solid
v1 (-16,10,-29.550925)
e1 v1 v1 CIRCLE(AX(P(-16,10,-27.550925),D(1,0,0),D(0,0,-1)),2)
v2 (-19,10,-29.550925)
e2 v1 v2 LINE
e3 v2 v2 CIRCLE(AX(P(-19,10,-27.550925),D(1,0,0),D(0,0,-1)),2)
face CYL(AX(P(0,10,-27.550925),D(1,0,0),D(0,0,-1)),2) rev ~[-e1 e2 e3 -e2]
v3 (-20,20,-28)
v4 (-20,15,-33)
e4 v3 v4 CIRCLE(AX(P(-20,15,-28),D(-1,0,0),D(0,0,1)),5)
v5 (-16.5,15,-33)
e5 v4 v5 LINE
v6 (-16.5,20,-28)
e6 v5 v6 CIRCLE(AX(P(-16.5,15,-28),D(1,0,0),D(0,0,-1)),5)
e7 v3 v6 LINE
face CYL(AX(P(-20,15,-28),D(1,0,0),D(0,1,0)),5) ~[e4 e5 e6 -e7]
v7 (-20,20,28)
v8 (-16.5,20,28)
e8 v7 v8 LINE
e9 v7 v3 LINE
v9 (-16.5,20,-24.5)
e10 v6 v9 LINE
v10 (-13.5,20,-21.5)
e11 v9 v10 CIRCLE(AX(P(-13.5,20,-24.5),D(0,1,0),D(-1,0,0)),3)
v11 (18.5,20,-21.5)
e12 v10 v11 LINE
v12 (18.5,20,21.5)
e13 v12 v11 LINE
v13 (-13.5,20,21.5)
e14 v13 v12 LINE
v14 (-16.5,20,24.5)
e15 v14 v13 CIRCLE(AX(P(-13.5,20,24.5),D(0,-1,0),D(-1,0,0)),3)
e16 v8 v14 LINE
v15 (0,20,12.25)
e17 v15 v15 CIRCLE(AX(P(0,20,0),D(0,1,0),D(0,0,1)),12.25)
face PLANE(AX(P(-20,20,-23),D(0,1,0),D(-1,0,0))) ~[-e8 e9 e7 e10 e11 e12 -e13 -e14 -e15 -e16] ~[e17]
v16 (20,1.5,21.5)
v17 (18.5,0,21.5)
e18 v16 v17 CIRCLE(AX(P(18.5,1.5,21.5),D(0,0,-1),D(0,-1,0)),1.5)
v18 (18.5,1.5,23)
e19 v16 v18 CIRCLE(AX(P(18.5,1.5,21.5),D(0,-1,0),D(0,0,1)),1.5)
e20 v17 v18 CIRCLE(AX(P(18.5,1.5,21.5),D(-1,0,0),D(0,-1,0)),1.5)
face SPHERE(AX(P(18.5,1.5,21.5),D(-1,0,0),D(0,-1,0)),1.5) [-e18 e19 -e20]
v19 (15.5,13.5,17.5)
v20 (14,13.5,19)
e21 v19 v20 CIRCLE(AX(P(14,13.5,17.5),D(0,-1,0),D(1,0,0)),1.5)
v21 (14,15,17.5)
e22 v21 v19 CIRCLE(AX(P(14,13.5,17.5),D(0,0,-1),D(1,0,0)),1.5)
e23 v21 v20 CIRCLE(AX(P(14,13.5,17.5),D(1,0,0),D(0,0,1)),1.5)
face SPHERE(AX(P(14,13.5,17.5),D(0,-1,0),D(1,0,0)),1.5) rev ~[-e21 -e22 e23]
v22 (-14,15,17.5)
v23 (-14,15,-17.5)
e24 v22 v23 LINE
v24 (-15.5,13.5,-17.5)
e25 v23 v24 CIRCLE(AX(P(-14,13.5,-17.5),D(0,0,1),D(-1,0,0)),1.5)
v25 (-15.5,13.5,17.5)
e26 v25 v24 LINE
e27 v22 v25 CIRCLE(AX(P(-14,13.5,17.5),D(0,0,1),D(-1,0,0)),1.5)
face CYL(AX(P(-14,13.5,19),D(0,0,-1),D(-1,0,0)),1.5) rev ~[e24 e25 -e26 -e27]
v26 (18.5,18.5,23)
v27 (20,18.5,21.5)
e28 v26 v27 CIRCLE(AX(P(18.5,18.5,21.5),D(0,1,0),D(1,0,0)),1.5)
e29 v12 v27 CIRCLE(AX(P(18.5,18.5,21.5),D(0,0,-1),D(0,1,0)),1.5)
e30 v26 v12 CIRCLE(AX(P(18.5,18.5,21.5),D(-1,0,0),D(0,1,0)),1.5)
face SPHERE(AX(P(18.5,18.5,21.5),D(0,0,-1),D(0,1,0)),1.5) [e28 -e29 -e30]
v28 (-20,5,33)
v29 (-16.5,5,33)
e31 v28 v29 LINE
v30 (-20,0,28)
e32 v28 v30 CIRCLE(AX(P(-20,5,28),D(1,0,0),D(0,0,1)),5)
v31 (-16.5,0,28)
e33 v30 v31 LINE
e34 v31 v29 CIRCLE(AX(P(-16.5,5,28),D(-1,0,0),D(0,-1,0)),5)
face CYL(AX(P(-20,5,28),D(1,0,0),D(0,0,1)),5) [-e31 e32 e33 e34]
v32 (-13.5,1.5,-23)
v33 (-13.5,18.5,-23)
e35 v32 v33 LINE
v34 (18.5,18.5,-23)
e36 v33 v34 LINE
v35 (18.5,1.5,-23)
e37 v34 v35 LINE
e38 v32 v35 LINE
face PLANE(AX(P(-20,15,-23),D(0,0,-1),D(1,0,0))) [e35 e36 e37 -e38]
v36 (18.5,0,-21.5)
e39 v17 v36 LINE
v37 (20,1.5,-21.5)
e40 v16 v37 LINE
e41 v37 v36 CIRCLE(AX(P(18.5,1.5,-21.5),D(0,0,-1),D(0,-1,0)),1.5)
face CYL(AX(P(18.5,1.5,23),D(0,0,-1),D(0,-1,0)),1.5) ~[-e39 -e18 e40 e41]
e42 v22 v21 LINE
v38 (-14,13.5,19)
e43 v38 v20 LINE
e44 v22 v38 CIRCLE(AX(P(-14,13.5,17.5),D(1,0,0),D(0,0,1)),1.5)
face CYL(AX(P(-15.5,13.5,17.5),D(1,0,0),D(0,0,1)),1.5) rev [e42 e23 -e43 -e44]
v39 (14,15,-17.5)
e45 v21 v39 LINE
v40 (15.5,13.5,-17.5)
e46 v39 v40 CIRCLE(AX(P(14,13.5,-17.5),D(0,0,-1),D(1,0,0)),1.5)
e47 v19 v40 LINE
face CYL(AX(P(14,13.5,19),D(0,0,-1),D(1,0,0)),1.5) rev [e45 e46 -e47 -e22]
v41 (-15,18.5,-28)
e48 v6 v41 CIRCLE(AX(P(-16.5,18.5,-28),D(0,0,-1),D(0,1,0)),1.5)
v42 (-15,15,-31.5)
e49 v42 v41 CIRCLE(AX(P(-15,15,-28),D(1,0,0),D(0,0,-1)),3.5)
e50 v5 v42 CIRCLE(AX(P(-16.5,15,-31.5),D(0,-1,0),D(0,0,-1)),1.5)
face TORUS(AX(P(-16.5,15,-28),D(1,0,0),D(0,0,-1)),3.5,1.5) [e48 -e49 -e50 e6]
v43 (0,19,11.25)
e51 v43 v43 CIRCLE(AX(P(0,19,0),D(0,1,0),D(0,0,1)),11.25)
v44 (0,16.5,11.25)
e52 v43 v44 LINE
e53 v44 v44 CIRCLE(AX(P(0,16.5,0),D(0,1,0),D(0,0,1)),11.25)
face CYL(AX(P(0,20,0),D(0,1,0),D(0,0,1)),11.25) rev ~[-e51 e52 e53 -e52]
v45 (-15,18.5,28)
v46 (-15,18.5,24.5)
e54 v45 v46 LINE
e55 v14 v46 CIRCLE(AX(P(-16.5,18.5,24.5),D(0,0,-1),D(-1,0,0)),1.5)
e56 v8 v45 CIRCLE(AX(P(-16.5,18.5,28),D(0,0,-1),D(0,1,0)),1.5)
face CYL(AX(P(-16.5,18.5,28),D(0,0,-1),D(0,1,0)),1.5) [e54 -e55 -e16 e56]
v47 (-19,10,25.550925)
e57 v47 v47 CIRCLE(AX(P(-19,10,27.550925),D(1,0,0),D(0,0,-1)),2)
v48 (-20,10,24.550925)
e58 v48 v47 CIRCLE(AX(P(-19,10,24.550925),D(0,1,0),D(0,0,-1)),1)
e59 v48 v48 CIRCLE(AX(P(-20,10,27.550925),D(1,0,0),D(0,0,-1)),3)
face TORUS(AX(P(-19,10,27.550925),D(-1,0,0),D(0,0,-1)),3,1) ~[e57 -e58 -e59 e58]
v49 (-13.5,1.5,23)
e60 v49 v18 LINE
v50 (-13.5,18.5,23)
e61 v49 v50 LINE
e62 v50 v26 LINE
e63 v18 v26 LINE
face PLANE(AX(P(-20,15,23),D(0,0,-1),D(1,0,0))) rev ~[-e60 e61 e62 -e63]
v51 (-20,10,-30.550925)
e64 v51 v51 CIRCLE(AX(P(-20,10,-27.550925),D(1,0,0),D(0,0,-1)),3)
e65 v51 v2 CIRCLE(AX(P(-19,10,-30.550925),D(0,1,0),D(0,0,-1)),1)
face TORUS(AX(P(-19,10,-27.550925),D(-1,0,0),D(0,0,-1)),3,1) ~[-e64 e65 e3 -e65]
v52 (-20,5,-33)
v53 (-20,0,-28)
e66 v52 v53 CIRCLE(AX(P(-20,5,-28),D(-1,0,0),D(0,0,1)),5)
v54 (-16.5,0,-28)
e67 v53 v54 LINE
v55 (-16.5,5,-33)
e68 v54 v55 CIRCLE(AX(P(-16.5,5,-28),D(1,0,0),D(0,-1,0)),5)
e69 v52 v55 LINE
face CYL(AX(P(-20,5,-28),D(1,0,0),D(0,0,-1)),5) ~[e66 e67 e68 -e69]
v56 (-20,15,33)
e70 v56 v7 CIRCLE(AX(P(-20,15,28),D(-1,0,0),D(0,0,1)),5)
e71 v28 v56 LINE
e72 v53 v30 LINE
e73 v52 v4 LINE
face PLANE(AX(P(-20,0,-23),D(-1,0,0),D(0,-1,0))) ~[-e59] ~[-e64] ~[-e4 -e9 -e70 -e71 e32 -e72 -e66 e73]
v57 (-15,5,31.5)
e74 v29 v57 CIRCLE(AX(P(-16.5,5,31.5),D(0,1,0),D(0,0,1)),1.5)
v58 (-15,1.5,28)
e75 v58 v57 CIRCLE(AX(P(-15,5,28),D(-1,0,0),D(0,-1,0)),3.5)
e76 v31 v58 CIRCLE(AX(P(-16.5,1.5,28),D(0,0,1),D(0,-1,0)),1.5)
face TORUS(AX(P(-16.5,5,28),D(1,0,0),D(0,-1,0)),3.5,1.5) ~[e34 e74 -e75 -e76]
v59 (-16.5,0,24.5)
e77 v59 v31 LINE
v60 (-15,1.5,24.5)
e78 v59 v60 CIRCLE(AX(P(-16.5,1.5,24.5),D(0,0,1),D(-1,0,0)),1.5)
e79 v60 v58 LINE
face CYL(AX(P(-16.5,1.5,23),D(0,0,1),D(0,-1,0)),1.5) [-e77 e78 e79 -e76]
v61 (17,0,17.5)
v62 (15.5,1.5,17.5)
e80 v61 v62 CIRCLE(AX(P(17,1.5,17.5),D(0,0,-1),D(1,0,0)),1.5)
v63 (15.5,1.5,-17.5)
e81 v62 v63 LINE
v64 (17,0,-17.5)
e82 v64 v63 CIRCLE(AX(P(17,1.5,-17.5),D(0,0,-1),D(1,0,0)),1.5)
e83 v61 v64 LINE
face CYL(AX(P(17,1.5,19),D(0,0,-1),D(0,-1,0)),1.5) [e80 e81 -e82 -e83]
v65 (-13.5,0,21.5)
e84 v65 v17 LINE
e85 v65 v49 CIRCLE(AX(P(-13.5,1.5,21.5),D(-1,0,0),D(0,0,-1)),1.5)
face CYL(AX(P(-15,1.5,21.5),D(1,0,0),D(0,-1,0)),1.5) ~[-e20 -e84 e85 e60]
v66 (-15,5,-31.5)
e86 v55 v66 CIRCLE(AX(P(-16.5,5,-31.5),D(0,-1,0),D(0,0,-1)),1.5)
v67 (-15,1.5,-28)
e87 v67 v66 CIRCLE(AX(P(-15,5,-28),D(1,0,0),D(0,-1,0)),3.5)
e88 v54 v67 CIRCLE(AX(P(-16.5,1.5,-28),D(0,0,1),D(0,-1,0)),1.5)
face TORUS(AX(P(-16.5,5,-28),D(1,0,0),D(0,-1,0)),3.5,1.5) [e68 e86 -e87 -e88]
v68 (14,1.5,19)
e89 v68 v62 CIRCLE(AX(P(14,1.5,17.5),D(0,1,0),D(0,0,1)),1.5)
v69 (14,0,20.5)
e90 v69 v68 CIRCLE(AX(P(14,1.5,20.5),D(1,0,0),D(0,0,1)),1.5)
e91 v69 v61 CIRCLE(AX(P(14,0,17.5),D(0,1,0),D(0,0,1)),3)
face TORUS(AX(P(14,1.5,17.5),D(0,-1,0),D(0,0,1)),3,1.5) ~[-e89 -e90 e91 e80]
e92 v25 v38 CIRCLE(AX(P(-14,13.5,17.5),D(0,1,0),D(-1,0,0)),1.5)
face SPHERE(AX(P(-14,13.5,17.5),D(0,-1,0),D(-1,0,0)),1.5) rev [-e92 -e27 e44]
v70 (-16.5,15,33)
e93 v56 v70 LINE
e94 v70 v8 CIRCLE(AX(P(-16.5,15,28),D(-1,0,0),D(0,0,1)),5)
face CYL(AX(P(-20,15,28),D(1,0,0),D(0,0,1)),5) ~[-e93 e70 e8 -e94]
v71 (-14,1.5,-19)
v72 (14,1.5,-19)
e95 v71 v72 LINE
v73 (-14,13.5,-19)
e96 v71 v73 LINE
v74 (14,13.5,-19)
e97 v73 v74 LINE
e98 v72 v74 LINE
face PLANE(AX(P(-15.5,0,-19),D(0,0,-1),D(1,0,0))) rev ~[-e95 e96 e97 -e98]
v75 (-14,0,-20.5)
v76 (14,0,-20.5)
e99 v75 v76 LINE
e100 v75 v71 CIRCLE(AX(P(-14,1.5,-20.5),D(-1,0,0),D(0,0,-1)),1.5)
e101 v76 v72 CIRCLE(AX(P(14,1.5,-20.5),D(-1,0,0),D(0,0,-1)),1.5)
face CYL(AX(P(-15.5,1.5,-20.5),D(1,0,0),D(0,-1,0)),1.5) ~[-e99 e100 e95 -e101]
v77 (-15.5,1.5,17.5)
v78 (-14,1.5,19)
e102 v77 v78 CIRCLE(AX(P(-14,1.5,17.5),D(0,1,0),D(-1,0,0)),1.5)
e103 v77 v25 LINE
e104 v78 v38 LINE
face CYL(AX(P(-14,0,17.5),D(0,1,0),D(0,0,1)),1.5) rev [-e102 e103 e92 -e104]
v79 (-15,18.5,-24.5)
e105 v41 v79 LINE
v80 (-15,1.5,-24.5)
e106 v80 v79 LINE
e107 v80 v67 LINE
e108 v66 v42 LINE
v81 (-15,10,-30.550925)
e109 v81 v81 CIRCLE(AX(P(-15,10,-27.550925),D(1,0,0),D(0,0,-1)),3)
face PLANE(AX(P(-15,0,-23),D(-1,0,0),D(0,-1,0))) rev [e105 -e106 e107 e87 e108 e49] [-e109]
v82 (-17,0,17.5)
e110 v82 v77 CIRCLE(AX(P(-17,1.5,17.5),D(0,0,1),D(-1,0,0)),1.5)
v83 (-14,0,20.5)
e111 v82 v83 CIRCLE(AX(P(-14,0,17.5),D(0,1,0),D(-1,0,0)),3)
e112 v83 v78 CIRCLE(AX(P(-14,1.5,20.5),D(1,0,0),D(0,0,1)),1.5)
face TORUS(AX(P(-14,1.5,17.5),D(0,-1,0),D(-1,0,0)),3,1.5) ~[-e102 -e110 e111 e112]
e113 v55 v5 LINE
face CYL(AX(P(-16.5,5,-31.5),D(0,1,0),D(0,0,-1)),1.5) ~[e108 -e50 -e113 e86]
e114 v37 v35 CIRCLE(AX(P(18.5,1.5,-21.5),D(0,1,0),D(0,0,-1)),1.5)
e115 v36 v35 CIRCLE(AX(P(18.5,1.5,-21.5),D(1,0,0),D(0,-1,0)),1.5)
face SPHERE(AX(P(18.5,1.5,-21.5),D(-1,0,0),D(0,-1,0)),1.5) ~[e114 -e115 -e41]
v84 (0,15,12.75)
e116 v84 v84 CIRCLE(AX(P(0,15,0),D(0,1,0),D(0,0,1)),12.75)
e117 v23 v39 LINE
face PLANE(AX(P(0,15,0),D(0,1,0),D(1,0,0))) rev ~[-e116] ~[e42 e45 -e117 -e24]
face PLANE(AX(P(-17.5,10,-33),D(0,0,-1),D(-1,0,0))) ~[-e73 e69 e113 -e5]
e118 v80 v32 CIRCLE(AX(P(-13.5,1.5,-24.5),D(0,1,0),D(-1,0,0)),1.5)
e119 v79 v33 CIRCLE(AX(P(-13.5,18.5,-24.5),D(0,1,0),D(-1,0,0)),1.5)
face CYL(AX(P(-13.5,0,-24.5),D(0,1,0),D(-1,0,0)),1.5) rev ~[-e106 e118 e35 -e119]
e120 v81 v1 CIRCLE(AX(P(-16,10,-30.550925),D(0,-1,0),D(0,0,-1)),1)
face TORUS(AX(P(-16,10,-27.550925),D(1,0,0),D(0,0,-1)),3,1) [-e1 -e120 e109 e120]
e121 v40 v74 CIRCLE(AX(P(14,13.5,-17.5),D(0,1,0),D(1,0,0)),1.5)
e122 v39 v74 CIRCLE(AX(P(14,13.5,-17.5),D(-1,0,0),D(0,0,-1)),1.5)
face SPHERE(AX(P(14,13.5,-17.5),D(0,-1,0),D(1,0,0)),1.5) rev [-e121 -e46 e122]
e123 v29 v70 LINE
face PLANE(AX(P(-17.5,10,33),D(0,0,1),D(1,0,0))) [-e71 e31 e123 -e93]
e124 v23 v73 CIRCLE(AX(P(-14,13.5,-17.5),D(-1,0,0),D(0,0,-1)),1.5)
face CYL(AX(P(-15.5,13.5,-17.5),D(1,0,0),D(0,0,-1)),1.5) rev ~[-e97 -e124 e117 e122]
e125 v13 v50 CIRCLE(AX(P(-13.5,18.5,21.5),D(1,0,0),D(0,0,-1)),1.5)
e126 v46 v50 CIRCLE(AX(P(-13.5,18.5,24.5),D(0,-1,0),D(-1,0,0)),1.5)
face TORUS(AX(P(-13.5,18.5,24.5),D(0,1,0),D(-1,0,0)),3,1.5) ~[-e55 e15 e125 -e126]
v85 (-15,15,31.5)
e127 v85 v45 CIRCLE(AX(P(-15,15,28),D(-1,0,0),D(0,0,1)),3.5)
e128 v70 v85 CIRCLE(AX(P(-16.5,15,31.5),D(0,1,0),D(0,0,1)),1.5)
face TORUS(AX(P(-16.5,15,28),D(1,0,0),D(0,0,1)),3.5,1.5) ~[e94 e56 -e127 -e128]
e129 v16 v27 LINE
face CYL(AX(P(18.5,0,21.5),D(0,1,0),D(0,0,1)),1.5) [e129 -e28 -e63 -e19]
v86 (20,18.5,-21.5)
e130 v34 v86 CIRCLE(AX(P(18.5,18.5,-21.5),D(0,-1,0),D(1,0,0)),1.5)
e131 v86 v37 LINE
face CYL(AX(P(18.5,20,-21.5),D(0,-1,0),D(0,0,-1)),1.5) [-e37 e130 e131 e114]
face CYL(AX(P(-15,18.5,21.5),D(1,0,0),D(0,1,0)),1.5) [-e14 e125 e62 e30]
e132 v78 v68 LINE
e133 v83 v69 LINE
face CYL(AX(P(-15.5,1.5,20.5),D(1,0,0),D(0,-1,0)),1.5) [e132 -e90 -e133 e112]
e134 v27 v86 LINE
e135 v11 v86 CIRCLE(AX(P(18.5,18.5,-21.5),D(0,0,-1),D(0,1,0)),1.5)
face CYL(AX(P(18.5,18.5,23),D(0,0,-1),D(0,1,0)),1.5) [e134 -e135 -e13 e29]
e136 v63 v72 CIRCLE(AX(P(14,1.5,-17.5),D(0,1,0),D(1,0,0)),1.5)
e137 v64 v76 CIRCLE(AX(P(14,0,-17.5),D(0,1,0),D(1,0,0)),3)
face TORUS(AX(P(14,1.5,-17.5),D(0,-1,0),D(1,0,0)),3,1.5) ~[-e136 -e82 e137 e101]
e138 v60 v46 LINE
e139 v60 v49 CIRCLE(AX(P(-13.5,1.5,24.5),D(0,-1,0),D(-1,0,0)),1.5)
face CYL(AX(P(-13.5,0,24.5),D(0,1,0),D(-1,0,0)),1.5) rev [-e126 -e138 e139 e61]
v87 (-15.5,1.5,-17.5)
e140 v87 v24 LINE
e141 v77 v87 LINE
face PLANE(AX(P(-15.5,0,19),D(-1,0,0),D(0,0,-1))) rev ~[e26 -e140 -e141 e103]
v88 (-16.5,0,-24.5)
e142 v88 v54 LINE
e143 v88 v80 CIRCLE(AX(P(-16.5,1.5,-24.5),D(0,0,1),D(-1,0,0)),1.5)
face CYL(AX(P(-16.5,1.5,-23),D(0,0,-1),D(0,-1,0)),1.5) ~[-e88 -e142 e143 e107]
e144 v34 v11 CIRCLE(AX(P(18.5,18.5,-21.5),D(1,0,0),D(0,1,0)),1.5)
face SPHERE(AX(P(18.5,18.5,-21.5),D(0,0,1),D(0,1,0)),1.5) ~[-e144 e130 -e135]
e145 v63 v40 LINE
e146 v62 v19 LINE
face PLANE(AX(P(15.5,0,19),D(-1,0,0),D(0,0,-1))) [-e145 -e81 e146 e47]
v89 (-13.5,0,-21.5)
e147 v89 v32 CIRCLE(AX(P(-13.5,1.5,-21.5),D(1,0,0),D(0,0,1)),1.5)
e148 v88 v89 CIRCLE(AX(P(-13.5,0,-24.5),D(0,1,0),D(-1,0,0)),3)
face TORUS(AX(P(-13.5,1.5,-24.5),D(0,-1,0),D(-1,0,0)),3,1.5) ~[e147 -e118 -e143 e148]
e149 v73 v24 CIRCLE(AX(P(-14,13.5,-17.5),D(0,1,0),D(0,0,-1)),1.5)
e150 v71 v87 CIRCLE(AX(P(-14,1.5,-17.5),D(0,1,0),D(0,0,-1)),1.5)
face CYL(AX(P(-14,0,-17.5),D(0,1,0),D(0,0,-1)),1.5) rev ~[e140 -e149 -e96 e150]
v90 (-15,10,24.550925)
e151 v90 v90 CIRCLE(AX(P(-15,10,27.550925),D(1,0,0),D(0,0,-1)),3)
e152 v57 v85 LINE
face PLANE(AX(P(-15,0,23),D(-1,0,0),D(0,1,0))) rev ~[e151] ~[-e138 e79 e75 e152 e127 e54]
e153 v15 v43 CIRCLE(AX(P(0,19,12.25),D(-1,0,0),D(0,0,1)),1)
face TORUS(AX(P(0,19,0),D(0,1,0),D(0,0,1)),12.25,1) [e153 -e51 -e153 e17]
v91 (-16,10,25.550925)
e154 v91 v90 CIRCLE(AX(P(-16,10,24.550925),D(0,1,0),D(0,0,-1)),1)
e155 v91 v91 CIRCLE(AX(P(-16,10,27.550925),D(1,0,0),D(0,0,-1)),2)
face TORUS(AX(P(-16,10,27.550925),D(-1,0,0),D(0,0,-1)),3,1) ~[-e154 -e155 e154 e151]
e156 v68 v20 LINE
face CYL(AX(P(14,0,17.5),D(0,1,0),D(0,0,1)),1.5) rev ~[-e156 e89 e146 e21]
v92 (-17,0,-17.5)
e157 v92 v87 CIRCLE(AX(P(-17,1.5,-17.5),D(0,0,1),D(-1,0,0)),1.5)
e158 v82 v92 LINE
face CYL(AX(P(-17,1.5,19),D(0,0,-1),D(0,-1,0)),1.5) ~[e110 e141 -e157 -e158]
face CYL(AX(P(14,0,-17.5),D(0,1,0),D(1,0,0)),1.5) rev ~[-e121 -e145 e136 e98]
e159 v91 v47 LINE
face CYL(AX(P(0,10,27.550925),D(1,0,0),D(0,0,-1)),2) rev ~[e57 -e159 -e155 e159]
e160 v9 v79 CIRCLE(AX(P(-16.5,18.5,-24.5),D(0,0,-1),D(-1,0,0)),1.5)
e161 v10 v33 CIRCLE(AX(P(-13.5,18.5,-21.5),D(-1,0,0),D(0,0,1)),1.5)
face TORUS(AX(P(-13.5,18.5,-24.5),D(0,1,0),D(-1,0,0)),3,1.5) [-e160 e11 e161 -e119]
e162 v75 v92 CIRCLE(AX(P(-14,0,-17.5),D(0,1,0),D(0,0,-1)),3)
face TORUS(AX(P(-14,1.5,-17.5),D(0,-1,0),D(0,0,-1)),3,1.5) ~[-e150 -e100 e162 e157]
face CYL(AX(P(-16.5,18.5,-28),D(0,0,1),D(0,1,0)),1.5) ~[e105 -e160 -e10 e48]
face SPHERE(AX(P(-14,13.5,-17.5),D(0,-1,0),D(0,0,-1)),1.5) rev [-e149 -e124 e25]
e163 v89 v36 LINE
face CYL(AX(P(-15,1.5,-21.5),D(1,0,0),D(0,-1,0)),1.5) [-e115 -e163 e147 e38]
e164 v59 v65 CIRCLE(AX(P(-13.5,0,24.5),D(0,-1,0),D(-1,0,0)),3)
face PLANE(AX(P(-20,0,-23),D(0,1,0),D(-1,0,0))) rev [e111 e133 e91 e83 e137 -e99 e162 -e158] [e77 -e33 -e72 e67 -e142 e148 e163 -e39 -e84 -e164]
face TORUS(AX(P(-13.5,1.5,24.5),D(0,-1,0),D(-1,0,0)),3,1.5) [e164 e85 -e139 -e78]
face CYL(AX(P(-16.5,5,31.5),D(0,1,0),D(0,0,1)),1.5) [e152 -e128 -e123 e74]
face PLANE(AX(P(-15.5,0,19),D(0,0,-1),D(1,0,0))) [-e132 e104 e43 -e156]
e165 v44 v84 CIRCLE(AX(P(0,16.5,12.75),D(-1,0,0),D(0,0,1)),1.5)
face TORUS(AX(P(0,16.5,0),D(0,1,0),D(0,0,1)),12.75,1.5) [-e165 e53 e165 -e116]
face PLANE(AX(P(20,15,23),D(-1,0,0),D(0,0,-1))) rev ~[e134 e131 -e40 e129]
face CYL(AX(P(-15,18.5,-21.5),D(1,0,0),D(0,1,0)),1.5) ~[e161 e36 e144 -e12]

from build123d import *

# Parameters (mm, degrees)
SKETCH2_W           = 40
SKETCH2_H           = 46
SKETCH2_W_2         = 31
SKETCH2_H_2         = 38
BOSS_EXTRUDE1_DEPTH = 15
SKETCH4_W           = 40
SKETCH4_H           = 46
BOSS_EXTRUDE2_DEPTH = 5
SKETCH5_R           = 11.25
CUT_EXTRUDE1_DEPTH  = 5
SKETCH8_W           = 5
SKETCH8_H           = 20
BOSS_EXTRUDE3_DEPTH = 10
FILLET2_R           = 5
SKETCH9_R           = 2
CUT_EXTRUDE2_DEPTH  = 26
FILLET3_R           = 1.5
FILLET4_R           = 1


with BuildPart() as part:
    # Sketch2 → Boss-Extrude1 (new body)
    with BuildSketch(Plane(origin=(0, 0, 0), x_dir=(1, 0, 0), z_dir=(0, 1, 0))):
        Rectangle(SKETCH2_W, SKETCH2_H)
        Rectangle(SKETCH2_W_2, SKETCH2_H_2, mode=Mode.SUBTRACT)
    extrude(amount=BOSS_EXTRUDE1_DEPTH)

    # Sketch4 → Boss-Extrude2 (add)
    with BuildSketch(Plane(origin=(0, 15, 0), x_dir=(1, 0, 0), z_dir=(0, 1, 0))):
        Rectangle(SKETCH4_W, SKETCH4_H)
    extrude(amount=BOSS_EXTRUDE2_DEPTH)

    # Sketch5 → Cut-Extrude1 (cut)
    with BuildSketch(Plane(origin=(0, 20, 0), x_dir=(1, 0, 0), z_dir=(0, 1, 0))):
        with Locations(Location((0, 0, 0), (0, 0, 270))):
            Circle(SKETCH5_R)
    extrude(amount=-CUT_EXTRUDE1_DEPTH, mode=Mode.SUBTRACT)

    # Sketch8 → Boss-Extrude3 (add)
    with BuildSketch(Plane.XY.offset(23)):
        with Locations((-17.5, 10)):
            Rectangle(SKETCH8_W, SKETCH8_H)
    boss_extrude3 = extrude(amount=BOSS_EXTRUDE3_DEPTH)

    # Mirror1: Boss-Extrude3 across plane
    add(boss_extrude3.mirror(Plane.XY))

    # Fillet2
    fillet2_edges = [part.edges().sort_by_distance(p)[0] for p in [
        (-17.5, 0, 33),
        (-17.5, 20, 33),
        (-17.5, 20, -33),
        (-17.5, 0, -33),
    ]]
    fillet(fillet2_edges, radius=FILLET2_R)

    # Sketch9 → Cut-Extrude2 (cut)
    with BuildSketch(Plane(origin=(0, 0, 0), x_dir=(0, 0, -1), z_dir=(1, 0, 0))):
        with Locations((-27.550924627, 10)):
            Circle(SKETCH9_R)
        with Locations((27.550924627, 10)):
            Circle(SKETCH9_R)
    extrude(amount=-CUT_EXTRUDE2_DEPTH, mode=Mode.SUBTRACT)

    # Fillet3
    fillet3_edges = [part.edges().sort_by_distance(p)[0] for p in [
        (15.5, 0, 0),
        (15.5, 7.5, 19),
        (0, 0, -19),
        (15.5, 7.5, -19),
        (-15.5, 0, 0),
        (-15.5, 7.5, -19),
        (0, 0, 19),
        (-15.5, 7.5, 19),
        (15.5, 15, 0),
        (0, 15, -19),
        (-15.5, 15, 0),
        (0, 15, 19),
        (20, 20, 0),
        (2.5, 20, -23),
        (0, 15, -11.25),
        (2.5, 0, 23),
        (2.5, 20, 23),
        (-15, 10, 23),
        (2.5, 0, -23),
        (20, 0, 0),
        (-15, 10, -23),
        (-15, 0, 25.5),
        (-15, 0, -25.5),
        (-15, 10, -33),
        (-15, 20, -25.5),
        (20, 10, 23),
        (-15, 18.535533906, -31.535533906),
        (-15, 1.464466094, -31.535533906),
        (20, 10, -23),
        (-15, 20, 25.5),
        (-15, 10, 33),
        (-15, 18.535533906, 31.535533906),
        (-15, 1.464466094, 31.535533906),
    ]]
    fillet(fillet3_edges, radius=FILLET3_R)

    # Fillet4
    fillet4_edges = [part.edges().sort_by_distance(p)[0] for p in [
        (-15, 10, 29.550924627),
        (-20, 10, 29.550924627),
        (-20, 10, -25.550924627),
        (-15, 10, -25.550924627),
        (0, 20, -11.25),
    ]]
    fillet(fillet4_edges, radius=FILLET4_R)


solid = part.part
